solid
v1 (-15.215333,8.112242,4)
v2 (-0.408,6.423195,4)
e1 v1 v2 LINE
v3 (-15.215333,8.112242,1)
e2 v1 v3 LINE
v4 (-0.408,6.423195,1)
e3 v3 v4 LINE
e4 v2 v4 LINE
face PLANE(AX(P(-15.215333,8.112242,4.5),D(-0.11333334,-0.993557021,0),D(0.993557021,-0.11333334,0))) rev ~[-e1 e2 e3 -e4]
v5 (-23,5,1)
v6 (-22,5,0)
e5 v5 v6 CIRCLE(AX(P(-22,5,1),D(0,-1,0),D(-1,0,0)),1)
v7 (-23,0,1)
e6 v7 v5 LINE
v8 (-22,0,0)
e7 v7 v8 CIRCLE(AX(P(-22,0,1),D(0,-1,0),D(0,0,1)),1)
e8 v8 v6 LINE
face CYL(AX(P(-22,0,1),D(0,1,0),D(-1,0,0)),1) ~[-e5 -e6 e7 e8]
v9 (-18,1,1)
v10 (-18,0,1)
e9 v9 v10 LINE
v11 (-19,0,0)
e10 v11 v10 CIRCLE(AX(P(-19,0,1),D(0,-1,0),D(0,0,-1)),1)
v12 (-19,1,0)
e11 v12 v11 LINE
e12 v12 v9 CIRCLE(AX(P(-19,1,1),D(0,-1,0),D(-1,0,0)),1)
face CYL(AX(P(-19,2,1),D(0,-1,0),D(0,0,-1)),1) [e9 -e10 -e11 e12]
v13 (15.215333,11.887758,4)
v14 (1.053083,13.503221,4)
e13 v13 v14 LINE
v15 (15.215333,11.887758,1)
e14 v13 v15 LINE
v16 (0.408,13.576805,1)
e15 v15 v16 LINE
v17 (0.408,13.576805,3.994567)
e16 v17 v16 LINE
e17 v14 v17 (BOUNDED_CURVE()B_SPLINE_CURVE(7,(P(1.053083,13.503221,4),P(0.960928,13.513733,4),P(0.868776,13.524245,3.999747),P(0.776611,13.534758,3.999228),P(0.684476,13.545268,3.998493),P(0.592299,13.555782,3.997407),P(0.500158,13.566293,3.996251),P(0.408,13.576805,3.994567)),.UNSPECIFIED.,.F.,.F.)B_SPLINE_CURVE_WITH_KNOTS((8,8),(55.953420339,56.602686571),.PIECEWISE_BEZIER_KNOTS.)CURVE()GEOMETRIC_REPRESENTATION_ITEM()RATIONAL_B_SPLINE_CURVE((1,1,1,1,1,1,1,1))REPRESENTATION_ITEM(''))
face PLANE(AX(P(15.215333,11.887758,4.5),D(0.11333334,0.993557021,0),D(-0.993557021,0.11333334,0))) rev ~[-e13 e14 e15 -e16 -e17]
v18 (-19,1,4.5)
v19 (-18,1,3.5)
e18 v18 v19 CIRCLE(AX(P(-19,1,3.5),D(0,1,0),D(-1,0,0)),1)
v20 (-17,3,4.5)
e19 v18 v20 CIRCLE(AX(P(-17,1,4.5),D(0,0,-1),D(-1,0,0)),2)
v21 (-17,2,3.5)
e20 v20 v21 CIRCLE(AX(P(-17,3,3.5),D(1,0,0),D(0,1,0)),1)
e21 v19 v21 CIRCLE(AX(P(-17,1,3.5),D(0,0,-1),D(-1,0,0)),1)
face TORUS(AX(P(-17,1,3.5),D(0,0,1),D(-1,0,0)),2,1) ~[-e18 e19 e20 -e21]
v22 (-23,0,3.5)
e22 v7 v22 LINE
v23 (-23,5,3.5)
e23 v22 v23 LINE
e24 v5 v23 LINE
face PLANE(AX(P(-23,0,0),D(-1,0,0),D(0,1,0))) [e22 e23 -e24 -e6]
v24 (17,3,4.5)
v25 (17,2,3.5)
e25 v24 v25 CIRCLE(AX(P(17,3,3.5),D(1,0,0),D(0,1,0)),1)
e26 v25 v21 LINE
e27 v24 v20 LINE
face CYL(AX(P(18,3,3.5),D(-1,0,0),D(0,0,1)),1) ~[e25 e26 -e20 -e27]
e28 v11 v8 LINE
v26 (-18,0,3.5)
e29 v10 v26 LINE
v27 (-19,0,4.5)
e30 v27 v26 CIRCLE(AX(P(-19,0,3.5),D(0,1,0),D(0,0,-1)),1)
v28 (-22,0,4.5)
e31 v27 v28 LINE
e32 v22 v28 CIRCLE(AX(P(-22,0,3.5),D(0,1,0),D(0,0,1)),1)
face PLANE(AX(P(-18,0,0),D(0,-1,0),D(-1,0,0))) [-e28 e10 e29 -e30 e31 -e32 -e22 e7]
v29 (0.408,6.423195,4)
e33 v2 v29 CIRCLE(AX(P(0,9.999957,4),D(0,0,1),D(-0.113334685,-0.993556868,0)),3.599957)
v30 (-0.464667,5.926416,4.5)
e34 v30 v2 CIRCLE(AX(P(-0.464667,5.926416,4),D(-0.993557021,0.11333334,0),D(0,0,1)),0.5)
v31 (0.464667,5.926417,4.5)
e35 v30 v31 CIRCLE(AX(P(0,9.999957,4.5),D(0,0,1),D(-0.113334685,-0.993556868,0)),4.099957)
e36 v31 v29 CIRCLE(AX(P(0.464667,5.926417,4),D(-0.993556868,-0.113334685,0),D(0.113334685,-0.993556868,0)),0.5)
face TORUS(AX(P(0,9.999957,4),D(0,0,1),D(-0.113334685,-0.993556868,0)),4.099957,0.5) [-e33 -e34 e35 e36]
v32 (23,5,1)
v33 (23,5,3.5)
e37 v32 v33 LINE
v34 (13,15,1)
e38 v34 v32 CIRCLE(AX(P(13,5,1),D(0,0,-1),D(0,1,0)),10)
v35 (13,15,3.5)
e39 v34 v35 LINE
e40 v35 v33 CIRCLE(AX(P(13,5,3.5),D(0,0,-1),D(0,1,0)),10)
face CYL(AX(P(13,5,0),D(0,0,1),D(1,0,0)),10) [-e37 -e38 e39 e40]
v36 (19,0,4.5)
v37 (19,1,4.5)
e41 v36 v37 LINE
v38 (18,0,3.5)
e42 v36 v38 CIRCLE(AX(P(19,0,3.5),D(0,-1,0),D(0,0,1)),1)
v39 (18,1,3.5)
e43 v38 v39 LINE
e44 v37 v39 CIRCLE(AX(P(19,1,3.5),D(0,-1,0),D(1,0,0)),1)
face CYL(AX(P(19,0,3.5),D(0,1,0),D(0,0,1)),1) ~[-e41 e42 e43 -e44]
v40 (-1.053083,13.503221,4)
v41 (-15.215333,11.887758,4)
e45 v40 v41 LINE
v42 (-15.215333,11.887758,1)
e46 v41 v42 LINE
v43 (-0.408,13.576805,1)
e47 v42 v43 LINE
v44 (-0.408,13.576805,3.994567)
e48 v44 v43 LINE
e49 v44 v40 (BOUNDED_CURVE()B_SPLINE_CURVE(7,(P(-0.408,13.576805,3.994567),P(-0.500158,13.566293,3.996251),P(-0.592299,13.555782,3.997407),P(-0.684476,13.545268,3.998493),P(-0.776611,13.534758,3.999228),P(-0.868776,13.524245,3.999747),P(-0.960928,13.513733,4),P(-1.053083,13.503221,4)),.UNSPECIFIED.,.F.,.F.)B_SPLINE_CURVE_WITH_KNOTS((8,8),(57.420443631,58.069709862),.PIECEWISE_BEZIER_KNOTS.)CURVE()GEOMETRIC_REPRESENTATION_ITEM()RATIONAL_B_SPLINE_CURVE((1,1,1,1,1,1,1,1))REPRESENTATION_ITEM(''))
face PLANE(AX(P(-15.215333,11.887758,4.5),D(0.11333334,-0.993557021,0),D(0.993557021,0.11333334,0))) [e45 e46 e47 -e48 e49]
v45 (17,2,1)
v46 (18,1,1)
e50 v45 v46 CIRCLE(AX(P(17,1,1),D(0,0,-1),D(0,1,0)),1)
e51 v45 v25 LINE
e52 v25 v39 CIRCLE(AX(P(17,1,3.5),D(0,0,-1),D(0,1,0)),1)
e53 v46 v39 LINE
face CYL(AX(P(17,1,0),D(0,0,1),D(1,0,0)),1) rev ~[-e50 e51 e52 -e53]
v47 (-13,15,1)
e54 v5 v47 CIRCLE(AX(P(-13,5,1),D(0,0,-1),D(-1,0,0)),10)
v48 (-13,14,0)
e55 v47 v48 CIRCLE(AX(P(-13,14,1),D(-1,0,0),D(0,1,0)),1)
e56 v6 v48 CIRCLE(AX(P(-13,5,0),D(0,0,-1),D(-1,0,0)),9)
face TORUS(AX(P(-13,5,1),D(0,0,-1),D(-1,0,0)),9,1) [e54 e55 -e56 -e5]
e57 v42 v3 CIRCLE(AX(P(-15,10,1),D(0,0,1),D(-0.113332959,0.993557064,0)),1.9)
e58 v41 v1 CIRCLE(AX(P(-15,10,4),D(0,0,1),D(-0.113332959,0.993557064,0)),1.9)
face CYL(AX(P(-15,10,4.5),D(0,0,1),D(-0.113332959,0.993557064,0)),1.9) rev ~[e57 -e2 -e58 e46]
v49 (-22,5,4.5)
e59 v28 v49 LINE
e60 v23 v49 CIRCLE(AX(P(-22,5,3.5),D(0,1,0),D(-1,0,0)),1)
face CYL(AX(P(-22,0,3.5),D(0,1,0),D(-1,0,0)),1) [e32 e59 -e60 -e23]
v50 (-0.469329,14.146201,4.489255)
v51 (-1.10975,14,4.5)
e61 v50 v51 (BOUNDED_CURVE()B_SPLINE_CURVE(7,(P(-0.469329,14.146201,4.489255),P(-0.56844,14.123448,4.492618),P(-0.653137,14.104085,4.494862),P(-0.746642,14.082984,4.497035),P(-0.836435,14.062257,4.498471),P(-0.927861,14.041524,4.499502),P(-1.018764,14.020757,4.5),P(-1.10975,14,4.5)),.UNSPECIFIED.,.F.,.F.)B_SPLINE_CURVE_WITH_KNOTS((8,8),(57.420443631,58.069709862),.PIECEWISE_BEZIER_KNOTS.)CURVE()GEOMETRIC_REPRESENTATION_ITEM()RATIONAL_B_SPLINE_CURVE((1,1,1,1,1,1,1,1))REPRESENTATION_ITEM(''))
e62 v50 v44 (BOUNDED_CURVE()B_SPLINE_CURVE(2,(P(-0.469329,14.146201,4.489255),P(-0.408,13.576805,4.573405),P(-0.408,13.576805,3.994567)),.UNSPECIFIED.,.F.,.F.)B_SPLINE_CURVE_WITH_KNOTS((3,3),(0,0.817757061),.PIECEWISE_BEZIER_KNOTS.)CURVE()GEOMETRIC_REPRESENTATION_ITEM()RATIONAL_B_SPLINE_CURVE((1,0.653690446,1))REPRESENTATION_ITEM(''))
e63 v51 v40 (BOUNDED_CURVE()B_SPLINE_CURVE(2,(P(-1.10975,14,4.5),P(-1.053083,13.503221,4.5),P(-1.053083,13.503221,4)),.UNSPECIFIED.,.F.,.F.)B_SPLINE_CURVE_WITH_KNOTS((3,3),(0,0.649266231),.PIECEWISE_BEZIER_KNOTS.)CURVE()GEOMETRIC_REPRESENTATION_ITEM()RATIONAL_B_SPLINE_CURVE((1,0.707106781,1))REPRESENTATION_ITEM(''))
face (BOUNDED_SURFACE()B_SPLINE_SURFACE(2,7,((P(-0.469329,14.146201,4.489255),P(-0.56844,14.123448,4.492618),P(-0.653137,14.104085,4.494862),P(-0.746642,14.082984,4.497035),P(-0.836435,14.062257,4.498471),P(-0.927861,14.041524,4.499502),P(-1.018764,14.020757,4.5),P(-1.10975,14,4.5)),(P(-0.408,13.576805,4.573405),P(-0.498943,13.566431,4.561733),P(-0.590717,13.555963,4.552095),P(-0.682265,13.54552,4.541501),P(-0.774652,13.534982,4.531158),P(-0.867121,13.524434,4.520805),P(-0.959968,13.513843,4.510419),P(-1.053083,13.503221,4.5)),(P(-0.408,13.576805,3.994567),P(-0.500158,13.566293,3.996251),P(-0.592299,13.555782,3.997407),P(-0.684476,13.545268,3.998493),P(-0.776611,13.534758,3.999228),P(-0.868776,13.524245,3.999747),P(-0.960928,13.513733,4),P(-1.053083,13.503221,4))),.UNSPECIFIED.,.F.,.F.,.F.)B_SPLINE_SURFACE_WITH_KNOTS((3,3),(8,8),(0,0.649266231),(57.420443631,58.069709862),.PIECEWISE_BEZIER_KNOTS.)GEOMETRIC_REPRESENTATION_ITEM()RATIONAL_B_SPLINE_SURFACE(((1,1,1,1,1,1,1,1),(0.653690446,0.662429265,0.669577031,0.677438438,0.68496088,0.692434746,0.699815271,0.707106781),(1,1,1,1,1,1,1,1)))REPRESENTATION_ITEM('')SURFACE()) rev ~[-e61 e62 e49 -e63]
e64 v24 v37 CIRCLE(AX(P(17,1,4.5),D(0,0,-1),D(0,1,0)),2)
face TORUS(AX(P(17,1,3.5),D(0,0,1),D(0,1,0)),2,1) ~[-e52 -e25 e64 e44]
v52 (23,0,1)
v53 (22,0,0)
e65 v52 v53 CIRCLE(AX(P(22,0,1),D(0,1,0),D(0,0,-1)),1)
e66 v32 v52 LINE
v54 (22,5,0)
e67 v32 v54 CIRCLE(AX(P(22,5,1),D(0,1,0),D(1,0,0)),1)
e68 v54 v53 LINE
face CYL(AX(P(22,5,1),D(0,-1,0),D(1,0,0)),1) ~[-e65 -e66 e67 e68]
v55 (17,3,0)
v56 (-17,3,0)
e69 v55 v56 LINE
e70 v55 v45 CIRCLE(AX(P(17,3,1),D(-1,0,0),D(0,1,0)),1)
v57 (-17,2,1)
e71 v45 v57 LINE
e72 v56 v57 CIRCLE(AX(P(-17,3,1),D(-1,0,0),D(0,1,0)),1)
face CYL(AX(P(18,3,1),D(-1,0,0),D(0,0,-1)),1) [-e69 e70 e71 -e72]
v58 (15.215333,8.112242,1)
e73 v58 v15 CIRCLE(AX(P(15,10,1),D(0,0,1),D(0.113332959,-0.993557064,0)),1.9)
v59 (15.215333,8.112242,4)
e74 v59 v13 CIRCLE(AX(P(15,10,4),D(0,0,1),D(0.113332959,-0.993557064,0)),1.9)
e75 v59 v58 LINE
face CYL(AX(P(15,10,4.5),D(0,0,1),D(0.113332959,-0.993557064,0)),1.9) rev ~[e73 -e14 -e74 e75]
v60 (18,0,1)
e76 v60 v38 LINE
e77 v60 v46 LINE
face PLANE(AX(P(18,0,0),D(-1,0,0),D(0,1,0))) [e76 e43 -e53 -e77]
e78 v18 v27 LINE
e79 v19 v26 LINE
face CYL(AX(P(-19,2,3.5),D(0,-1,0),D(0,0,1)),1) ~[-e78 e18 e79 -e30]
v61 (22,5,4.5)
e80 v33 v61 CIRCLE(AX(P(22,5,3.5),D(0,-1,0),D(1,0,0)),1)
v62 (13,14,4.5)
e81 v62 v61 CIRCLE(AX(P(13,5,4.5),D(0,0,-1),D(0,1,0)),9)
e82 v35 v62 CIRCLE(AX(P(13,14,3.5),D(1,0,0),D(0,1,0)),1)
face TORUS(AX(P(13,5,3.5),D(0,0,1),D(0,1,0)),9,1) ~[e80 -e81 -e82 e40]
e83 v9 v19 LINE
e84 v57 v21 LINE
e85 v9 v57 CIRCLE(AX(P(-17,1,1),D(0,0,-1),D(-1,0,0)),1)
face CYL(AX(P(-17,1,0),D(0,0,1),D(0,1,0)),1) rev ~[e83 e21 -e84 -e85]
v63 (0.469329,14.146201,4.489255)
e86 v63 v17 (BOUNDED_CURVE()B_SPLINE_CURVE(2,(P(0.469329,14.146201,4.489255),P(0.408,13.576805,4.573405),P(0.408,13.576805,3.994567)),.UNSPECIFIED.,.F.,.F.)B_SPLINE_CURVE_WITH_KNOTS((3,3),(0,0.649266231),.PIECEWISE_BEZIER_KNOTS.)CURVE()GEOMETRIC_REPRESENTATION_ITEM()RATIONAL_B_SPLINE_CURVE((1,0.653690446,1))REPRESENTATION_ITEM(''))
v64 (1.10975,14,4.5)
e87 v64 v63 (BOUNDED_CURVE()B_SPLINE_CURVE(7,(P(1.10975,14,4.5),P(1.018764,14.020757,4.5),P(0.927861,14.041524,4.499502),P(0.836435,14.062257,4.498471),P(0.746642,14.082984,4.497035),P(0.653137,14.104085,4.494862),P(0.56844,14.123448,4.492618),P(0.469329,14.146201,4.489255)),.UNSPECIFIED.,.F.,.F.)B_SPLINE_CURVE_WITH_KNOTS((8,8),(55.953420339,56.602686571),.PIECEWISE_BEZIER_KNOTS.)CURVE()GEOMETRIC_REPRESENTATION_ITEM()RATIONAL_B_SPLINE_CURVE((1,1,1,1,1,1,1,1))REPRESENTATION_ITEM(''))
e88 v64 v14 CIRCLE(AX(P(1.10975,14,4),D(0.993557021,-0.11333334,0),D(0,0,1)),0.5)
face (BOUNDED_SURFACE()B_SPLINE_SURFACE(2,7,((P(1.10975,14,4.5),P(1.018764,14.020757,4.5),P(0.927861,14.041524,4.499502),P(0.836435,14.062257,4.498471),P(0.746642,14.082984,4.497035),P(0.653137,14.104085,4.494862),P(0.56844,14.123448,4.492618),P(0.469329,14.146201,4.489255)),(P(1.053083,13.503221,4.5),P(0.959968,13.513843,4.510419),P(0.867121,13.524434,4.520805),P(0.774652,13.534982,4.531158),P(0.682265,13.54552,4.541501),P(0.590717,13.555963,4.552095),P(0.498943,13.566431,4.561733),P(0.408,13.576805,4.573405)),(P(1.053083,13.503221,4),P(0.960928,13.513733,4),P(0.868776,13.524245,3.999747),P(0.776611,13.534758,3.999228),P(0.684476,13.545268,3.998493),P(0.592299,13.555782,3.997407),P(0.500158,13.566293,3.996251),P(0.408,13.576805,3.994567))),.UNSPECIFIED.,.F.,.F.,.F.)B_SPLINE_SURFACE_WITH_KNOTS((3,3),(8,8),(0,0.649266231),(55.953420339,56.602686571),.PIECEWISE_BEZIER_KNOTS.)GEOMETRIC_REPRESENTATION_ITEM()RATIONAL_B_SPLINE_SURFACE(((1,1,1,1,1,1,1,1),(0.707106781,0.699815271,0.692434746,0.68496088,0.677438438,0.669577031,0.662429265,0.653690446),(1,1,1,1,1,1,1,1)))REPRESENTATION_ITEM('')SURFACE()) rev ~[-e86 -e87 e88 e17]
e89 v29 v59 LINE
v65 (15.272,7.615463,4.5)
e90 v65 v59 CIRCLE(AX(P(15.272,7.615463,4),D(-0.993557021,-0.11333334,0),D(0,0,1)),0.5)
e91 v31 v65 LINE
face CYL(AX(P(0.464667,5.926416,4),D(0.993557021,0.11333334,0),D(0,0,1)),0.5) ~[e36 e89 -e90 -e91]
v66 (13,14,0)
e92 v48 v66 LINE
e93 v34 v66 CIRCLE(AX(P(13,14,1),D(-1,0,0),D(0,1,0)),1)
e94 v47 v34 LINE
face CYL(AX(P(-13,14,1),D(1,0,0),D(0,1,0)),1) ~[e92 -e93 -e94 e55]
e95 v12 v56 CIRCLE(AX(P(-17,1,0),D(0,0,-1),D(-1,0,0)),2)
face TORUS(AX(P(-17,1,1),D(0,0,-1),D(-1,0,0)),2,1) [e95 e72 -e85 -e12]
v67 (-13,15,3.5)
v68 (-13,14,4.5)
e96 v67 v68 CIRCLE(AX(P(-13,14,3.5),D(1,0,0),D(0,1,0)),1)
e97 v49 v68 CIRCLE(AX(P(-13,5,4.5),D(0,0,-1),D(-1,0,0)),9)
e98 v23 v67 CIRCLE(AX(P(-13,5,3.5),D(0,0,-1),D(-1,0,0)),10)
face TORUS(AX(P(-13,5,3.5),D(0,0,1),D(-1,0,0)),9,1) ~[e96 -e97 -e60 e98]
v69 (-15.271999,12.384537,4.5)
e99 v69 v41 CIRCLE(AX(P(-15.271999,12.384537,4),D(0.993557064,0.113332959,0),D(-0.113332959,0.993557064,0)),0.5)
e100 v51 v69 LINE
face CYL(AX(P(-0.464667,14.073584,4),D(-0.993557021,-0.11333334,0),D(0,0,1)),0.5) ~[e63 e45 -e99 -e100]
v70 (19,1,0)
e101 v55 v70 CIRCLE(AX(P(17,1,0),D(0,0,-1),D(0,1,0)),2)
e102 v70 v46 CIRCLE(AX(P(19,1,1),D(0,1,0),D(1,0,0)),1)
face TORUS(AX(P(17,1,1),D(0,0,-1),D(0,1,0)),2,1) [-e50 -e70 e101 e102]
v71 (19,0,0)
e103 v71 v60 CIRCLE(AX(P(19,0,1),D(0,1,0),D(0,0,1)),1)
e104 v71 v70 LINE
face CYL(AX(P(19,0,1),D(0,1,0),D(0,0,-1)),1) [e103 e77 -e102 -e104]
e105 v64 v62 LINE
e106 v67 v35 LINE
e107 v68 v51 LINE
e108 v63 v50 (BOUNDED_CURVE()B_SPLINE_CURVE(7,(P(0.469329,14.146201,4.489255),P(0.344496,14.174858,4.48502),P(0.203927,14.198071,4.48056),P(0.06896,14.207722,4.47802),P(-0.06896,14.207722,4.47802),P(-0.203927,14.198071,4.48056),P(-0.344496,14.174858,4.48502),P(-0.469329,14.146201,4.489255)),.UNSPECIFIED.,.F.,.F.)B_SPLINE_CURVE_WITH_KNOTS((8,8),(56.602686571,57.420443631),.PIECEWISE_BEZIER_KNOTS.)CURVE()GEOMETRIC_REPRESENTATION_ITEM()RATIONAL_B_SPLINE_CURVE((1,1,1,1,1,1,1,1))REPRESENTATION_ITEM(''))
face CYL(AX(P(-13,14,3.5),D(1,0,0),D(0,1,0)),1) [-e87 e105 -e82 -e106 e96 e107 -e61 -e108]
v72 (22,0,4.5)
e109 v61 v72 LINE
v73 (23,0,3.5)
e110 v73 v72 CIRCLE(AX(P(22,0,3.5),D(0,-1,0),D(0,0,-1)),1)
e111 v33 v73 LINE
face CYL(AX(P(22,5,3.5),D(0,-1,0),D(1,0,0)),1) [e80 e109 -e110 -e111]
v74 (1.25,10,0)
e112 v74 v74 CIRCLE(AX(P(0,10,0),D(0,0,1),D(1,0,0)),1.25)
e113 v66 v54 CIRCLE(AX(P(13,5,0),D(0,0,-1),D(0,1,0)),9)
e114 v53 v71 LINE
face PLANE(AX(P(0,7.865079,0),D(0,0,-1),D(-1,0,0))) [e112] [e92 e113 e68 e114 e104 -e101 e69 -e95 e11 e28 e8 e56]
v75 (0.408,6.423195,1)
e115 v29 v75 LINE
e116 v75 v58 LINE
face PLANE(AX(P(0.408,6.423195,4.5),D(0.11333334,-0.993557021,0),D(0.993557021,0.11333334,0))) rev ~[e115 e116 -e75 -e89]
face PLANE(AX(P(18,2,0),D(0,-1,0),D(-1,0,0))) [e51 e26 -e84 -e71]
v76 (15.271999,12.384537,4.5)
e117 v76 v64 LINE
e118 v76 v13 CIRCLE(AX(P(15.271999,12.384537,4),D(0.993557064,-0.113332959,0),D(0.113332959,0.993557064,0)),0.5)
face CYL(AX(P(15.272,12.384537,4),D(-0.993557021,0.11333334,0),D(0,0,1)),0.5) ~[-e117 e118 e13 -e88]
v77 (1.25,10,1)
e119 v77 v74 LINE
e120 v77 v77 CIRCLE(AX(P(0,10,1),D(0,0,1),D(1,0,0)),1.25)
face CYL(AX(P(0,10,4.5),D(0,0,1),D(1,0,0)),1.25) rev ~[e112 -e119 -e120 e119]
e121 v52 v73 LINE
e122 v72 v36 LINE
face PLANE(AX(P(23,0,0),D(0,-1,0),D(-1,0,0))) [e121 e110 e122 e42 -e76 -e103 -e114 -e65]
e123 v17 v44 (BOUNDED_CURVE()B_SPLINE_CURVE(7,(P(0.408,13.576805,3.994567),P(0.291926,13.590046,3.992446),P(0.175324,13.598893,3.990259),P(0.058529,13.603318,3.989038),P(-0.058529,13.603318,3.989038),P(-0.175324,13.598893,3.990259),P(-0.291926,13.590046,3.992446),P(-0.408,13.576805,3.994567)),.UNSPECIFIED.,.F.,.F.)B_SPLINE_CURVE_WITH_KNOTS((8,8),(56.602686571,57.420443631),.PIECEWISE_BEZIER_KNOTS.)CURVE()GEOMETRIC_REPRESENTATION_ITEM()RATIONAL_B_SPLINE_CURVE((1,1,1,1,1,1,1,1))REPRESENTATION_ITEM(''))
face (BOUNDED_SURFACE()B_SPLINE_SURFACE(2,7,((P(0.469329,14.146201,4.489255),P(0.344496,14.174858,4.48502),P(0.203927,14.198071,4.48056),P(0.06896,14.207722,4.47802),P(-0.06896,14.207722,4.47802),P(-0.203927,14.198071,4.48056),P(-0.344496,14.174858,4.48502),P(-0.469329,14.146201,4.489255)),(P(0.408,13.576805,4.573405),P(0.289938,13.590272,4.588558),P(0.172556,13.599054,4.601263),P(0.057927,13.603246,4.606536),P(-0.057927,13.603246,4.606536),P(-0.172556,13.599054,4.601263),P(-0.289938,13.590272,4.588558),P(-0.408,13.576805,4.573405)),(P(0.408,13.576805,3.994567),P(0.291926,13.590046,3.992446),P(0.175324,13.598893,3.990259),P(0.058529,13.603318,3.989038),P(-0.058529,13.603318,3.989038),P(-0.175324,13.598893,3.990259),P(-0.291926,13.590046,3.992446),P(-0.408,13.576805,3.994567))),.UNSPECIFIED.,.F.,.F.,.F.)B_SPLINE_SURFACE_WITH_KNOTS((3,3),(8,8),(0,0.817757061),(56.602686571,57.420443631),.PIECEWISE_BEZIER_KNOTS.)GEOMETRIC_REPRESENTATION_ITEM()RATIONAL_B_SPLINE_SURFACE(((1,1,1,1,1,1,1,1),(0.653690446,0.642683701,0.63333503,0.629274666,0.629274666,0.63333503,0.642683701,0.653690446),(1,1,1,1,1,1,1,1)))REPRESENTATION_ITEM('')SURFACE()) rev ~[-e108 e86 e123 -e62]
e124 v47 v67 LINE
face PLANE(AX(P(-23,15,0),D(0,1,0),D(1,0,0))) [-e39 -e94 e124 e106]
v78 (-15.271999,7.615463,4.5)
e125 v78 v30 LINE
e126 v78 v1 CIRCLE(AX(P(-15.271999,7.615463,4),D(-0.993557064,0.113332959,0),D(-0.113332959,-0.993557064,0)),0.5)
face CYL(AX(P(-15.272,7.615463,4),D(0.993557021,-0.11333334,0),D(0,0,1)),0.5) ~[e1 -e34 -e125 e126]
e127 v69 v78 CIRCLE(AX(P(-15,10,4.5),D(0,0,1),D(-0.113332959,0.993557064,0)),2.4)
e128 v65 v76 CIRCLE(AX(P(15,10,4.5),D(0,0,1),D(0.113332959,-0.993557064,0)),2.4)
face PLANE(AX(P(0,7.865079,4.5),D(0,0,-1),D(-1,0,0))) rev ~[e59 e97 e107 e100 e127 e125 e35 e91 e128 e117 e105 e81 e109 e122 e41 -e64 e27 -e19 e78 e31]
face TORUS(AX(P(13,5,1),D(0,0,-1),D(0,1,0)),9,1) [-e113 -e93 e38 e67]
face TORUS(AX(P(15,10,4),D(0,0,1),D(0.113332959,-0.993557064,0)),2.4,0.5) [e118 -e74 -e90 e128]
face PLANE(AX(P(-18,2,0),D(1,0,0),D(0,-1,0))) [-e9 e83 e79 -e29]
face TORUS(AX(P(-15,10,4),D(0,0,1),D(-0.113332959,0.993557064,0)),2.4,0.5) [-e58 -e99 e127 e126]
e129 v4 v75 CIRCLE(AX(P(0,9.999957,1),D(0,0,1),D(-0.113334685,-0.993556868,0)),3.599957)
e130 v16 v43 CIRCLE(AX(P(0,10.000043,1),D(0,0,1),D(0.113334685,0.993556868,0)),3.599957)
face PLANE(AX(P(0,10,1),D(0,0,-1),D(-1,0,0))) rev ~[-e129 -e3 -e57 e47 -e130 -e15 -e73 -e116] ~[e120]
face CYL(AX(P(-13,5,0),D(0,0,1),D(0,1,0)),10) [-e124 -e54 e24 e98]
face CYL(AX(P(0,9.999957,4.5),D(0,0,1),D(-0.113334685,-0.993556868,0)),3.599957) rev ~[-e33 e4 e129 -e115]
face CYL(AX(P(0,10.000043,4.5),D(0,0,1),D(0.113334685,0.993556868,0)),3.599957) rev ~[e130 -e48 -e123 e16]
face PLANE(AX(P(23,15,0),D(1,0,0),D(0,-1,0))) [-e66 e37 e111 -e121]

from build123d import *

# Parameters (mm, degrees)
PAD_DEPTH       = 4.5
SKETCH002_R     = 1.25
POCKET_DEPTH    = 5
POCKET001_DEPTH = 3.5
FILLET_R        = 10
FILLET001_R     = 1
FILLET002_R     = 0.5


with BuildPart() as part:
    # Sketch → Pad (new body)
    with BuildSketch(Plane.XY):
        Polygon((23, 15), (23, 0), (18, 0), (18, 2), (-18, 2), (-18, 0), (-23, 0), (-23, 15), align=None)
    extrude(amount=PAD_DEPTH)

    # Sketch002 (on Face10 of Pad) → Pocket (cut)
    with BuildSketch(Plane.XY.offset(4.5)):
        with Locations((0, 10)):
            Circle(SKETCH002_R)
    extrude(amount=-POCKET_DEPTH, mode=Mode.SUBTRACT)

    # Sketch003 (on Face5 of Pocket) → Pocket001 (cut)
    with BuildSketch(Plane.XY.offset(4.5)):
        with BuildLine():
            Line((-15.215333, 11.887758), (-0.408, 13.576805))
            ThreePointArc((0.408, 13.576805), (0, 13.6), (-0.408, 13.576805))
            Line((15.215333, 11.887758), (0.408, 13.576805))
            ThreePointArc((15.215333, 8.112242), (16.9, 10), (15.215333, 11.887758))
            Line((0.408, 6.423195), (15.215333, 8.112242))
            ThreePointArc((-0.408, 6.423195), (0, 6.4), (0.408, 6.423195))
            Line((-15.215333, 8.112242), (-0.408, 6.423195))
            ThreePointArc((-15.215333, 11.887758), (-16.9, 10), (-15.215333, 8.112242))
        make_face()
    extrude(amount=-POCKET001_DEPTH, mode=Mode.SUBTRACT)

    # Fillet
    fillet_edges = [part.edges().sort_by_distance(p)[0] for p in [
        (-23, 15, 2.25),
        (23, 15, 2.25),
    ]]
    fillet(fillet_edges, radius=FILLET_R)

    # Fillet001
    fillet001_edges = [part.edges().sort_by_distance(p)[0] for p in [
        (-18, 1, 0),
        (-18, 1, 4.5),
        (0, 2, 4.5),
        (0, 2, 0),
        (18, 1, 4.5),
        (18, 1, 0),
        (-18, 2, 2.25),
        (18, 2, 2.25),
        (23, 2.5, 4.5),
        (20.071068, 12.071068, 4.5),
        (-20.071068, 12.071068, 4.5),
        (0, 15, 4.5),
        (-23, 2.5, 4.5),
        (23, 2.5, 0),
        (20.071068, 12.071068, 0),
        (0, 15, 0),
        (-20.071068, 12.071068, 0),
        (-23, 2.5, 0),
    ]]
    fillet(fillet001_edges, radius=FILLET001_R)

    # Fillet002
    fillet002_edges = [part.edges().sort_by_distance(p)[0] for p in [
        (-16.9, 10, 4.5),
        (-7.811667, 7.267718, 4.5),
        (0, 6.4, 4.5),
        (7.811667, 7.267718, 4.5),
        (16.9, 10, 4.5),
        (7.811667, 12.732282, 4.5),
        (0, 13.6, 4.5),
        (-7.811667, 12.732282, 4.5),
    ]]
    fillet(fillet002_edges, radius=FILLET002_R)


solid = part.part
